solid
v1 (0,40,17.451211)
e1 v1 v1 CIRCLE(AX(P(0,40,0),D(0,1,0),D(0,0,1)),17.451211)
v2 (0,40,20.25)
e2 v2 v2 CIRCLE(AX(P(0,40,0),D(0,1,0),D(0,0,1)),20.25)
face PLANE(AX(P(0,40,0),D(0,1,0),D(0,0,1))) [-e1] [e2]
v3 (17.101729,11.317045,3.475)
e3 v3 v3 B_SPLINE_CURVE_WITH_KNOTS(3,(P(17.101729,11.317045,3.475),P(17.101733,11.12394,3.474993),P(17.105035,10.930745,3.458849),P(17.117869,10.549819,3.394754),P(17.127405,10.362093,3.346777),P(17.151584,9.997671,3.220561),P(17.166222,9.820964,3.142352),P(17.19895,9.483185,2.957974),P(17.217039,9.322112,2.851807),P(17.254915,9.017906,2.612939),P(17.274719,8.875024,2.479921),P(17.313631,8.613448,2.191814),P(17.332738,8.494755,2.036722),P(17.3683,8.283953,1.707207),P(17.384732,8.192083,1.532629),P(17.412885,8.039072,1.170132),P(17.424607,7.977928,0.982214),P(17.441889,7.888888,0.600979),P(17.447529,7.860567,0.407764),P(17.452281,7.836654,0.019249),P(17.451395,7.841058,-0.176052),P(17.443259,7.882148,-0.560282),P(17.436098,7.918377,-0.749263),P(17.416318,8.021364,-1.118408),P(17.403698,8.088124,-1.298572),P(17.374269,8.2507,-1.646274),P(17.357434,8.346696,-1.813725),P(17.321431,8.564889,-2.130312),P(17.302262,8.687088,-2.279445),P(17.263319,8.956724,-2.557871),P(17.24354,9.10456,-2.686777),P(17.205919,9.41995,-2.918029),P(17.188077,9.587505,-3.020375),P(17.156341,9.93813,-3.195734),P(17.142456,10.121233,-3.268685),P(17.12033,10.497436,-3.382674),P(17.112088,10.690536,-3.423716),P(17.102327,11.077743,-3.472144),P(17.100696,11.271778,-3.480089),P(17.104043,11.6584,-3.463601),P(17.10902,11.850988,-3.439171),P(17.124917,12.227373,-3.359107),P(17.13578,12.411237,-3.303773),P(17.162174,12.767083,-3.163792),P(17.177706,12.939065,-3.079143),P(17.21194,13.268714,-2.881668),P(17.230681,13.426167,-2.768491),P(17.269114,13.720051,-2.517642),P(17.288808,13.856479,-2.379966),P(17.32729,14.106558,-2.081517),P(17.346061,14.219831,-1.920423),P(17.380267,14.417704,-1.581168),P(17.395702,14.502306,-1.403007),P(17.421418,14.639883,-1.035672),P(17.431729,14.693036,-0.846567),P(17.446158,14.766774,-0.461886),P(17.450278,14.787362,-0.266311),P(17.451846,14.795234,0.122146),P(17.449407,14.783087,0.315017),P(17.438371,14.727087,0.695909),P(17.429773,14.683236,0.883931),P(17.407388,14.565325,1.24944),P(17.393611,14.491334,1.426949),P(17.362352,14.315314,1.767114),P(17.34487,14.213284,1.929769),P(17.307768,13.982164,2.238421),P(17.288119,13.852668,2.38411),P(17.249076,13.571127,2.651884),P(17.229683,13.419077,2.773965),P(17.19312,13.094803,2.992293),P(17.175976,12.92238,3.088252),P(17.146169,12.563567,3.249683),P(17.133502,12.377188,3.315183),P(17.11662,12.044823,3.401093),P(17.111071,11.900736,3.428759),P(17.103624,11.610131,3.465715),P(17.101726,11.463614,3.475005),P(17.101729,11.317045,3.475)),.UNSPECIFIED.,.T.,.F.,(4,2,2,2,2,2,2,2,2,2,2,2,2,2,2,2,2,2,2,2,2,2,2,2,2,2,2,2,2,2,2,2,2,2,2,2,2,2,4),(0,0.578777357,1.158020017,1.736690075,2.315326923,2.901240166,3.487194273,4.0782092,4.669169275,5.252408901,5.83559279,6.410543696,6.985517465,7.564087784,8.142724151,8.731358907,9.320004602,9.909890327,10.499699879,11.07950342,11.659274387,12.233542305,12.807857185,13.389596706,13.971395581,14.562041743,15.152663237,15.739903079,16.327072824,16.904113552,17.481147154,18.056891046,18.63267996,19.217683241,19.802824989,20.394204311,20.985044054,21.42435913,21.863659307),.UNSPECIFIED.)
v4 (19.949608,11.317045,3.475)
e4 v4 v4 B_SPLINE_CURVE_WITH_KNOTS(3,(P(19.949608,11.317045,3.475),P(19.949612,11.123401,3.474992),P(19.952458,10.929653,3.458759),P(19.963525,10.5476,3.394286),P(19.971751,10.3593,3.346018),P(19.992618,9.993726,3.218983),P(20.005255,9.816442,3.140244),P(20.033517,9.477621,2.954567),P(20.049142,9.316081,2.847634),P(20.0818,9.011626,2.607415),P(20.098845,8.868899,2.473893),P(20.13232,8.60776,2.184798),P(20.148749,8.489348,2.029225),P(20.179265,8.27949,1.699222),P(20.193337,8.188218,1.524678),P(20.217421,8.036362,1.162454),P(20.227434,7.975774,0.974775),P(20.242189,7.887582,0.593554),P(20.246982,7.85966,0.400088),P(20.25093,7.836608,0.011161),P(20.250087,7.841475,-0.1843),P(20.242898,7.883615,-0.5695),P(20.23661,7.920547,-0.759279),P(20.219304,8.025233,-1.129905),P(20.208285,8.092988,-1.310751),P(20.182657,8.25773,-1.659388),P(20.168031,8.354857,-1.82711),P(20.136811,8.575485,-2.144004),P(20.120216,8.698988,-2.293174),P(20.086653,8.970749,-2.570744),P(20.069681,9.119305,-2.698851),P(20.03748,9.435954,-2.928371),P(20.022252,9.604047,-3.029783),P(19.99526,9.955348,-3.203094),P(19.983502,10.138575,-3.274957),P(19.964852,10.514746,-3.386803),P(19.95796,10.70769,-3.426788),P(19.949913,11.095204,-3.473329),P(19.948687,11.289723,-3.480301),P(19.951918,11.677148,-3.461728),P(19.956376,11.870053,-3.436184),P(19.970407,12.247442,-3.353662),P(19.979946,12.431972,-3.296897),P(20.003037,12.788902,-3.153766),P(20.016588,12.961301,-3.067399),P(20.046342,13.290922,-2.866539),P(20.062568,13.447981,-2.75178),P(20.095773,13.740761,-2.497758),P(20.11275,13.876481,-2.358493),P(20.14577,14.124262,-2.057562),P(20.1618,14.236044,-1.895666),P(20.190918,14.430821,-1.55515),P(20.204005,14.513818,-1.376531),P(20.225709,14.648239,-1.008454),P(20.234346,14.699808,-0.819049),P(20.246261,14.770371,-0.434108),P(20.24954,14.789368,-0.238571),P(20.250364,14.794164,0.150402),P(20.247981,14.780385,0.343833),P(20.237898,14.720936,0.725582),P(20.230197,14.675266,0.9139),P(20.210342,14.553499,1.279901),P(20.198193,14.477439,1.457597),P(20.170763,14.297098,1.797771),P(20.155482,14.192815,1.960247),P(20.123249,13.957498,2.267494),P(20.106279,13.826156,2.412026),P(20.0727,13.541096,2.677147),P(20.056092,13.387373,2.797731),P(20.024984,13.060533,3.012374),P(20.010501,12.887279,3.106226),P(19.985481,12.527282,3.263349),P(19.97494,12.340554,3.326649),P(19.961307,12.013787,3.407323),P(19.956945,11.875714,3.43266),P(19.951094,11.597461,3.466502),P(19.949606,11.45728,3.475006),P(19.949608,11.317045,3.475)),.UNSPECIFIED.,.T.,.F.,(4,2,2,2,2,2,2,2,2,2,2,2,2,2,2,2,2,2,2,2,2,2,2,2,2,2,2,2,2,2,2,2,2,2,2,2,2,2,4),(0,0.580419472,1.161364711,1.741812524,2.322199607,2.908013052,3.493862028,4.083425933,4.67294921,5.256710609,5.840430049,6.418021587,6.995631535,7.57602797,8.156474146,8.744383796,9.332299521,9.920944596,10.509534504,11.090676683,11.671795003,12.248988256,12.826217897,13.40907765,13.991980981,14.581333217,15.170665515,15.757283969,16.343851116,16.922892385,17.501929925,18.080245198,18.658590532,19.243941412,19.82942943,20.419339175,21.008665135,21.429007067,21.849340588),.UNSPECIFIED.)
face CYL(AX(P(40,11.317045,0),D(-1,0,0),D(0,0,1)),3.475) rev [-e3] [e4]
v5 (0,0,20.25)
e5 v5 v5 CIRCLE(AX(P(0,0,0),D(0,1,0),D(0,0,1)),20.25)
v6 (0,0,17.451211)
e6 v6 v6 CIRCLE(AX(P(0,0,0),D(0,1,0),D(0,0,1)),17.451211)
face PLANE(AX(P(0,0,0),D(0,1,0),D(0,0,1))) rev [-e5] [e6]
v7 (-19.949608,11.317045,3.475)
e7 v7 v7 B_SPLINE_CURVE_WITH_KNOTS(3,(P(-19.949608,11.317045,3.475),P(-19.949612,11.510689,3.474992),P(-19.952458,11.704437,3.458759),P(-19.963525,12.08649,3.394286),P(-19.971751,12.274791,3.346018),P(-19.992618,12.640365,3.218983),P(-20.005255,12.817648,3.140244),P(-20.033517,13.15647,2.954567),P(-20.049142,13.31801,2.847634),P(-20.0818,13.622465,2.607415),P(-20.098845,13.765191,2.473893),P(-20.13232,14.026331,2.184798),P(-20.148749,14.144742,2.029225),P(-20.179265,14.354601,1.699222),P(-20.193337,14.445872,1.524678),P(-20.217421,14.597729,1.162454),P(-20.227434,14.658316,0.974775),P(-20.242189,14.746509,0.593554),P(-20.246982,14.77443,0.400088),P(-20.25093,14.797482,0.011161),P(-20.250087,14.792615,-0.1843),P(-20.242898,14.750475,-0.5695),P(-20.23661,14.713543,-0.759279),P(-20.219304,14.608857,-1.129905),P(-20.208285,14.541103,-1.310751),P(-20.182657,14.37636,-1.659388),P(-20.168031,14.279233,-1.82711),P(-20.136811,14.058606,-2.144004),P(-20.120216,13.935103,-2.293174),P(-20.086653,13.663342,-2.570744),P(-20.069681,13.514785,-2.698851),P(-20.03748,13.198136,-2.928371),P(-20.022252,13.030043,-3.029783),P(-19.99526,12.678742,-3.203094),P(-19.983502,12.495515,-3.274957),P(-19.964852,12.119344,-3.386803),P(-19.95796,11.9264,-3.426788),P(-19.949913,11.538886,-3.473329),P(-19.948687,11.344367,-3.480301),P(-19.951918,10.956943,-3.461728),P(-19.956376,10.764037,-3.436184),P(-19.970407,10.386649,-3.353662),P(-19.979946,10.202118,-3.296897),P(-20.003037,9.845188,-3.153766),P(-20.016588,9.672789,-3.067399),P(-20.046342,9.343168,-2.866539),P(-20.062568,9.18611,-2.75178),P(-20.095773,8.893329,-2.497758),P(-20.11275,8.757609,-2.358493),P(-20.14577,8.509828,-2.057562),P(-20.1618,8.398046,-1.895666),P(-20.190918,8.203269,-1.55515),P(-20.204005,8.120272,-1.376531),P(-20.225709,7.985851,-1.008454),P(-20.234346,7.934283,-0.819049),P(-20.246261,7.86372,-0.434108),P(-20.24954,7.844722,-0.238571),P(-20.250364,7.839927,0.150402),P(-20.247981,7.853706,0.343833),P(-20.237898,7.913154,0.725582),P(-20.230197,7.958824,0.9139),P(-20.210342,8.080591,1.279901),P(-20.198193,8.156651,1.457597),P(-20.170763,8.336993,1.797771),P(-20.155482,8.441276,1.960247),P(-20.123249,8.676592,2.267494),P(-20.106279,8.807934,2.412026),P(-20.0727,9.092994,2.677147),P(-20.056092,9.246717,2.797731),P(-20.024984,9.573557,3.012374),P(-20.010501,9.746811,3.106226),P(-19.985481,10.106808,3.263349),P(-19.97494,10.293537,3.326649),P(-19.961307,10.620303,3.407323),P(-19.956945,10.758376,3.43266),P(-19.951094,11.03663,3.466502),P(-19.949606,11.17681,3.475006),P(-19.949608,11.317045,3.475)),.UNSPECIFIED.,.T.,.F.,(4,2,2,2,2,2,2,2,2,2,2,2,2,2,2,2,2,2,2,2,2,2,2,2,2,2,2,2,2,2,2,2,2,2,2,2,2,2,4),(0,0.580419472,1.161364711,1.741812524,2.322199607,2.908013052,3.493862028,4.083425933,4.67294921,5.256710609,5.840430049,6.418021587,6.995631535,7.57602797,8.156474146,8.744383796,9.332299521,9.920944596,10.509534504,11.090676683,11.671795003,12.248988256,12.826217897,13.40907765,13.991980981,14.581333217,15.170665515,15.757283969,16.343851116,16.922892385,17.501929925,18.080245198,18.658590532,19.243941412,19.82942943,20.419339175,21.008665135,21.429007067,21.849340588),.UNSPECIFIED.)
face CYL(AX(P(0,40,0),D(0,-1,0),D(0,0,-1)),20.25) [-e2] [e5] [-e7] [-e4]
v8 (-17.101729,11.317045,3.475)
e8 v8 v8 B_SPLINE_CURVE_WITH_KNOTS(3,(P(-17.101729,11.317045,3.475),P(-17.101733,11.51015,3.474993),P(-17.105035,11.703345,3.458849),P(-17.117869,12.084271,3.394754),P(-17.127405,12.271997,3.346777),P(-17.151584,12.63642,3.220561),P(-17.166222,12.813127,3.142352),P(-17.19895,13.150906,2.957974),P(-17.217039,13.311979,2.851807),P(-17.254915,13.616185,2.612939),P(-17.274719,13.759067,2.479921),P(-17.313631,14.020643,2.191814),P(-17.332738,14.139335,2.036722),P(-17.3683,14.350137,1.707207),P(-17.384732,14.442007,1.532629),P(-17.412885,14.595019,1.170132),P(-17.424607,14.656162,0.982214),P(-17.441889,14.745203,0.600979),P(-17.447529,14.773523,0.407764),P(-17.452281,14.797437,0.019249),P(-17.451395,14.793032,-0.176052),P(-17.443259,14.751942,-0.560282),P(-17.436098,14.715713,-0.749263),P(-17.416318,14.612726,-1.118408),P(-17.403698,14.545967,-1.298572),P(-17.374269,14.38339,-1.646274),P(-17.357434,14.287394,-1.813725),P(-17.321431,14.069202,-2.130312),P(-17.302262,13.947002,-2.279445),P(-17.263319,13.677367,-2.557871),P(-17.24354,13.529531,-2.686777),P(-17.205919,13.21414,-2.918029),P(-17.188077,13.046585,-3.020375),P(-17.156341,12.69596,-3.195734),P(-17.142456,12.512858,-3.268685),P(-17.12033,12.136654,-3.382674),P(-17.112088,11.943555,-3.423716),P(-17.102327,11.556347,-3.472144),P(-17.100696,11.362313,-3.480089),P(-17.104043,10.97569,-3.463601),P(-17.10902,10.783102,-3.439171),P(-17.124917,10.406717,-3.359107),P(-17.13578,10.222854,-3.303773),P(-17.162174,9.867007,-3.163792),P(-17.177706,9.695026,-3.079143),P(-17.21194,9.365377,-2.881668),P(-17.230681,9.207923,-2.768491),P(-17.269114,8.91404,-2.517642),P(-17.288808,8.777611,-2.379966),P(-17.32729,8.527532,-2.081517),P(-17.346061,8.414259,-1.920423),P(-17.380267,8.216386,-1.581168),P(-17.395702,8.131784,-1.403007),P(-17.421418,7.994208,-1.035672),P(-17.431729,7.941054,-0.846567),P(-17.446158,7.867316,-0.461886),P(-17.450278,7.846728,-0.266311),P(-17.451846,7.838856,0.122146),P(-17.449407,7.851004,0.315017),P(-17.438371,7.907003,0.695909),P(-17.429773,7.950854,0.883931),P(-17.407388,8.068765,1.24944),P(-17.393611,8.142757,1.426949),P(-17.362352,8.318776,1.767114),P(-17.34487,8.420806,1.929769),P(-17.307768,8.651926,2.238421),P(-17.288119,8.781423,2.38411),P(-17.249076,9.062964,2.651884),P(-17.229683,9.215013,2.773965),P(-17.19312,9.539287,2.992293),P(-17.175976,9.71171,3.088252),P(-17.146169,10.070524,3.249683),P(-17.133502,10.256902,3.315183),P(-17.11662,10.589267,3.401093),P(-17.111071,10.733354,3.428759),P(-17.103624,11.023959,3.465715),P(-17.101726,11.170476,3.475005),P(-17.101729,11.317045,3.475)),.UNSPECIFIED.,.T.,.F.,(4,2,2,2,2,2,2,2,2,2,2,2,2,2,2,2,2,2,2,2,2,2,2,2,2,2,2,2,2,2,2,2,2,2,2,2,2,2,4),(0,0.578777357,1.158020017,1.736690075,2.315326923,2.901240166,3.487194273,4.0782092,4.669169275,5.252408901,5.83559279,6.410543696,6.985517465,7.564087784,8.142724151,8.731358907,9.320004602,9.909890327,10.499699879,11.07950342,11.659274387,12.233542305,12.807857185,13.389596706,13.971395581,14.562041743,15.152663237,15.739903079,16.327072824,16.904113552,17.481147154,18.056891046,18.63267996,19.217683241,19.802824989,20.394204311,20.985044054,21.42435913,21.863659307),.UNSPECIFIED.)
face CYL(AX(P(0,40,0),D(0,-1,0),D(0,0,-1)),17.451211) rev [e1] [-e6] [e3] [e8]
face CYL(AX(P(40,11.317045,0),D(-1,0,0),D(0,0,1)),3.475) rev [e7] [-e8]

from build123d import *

# Parameters (mm, degrees)
SKETCH2_R               = 20.25
SKETCH2_R_2             = 17.451210961
BOSS_EXTRUDE1_DEPTH     = 40
CUT_EXTRUDE1_DEPTH      = 40
CUT_EXTRUDE1_DEPTH_BACK = 40
SKETCH5_R               = 3.475


with BuildPart() as part:
    # Sketch2 → Boss-Extrude1 (new body)
    with BuildSketch(Plane(origin=(0, 0, 0), x_dir=(1, 0, 0), z_dir=(0, 1, 0))):
        Circle(SKETCH2_R)
        Circle(SKETCH2_R_2, mode=Mode.SUBTRACT)
    extrude(amount=BOSS_EXTRUDE1_DEPTH)

    # Sketch5 → Cut-Extrude1 (cut, two sides: drawn at the far end of the back side and taken through both)
    with BuildSketch(Plane(origin=(0, 0, 0), x_dir=(0, 0, -1), z_dir=(1, 0, 0)).offset(-CUT_EXTRUDE1_DEPTH_BACK)):
        with Locations((0, 11.317045128)):
            Circle(SKETCH5_R)
    extrude(amount=CUT_EXTRUDE1_DEPTH + CUT_EXTRUDE1_DEPTH_BACK, mode=Mode.SUBTRACT)


solid = part.part
